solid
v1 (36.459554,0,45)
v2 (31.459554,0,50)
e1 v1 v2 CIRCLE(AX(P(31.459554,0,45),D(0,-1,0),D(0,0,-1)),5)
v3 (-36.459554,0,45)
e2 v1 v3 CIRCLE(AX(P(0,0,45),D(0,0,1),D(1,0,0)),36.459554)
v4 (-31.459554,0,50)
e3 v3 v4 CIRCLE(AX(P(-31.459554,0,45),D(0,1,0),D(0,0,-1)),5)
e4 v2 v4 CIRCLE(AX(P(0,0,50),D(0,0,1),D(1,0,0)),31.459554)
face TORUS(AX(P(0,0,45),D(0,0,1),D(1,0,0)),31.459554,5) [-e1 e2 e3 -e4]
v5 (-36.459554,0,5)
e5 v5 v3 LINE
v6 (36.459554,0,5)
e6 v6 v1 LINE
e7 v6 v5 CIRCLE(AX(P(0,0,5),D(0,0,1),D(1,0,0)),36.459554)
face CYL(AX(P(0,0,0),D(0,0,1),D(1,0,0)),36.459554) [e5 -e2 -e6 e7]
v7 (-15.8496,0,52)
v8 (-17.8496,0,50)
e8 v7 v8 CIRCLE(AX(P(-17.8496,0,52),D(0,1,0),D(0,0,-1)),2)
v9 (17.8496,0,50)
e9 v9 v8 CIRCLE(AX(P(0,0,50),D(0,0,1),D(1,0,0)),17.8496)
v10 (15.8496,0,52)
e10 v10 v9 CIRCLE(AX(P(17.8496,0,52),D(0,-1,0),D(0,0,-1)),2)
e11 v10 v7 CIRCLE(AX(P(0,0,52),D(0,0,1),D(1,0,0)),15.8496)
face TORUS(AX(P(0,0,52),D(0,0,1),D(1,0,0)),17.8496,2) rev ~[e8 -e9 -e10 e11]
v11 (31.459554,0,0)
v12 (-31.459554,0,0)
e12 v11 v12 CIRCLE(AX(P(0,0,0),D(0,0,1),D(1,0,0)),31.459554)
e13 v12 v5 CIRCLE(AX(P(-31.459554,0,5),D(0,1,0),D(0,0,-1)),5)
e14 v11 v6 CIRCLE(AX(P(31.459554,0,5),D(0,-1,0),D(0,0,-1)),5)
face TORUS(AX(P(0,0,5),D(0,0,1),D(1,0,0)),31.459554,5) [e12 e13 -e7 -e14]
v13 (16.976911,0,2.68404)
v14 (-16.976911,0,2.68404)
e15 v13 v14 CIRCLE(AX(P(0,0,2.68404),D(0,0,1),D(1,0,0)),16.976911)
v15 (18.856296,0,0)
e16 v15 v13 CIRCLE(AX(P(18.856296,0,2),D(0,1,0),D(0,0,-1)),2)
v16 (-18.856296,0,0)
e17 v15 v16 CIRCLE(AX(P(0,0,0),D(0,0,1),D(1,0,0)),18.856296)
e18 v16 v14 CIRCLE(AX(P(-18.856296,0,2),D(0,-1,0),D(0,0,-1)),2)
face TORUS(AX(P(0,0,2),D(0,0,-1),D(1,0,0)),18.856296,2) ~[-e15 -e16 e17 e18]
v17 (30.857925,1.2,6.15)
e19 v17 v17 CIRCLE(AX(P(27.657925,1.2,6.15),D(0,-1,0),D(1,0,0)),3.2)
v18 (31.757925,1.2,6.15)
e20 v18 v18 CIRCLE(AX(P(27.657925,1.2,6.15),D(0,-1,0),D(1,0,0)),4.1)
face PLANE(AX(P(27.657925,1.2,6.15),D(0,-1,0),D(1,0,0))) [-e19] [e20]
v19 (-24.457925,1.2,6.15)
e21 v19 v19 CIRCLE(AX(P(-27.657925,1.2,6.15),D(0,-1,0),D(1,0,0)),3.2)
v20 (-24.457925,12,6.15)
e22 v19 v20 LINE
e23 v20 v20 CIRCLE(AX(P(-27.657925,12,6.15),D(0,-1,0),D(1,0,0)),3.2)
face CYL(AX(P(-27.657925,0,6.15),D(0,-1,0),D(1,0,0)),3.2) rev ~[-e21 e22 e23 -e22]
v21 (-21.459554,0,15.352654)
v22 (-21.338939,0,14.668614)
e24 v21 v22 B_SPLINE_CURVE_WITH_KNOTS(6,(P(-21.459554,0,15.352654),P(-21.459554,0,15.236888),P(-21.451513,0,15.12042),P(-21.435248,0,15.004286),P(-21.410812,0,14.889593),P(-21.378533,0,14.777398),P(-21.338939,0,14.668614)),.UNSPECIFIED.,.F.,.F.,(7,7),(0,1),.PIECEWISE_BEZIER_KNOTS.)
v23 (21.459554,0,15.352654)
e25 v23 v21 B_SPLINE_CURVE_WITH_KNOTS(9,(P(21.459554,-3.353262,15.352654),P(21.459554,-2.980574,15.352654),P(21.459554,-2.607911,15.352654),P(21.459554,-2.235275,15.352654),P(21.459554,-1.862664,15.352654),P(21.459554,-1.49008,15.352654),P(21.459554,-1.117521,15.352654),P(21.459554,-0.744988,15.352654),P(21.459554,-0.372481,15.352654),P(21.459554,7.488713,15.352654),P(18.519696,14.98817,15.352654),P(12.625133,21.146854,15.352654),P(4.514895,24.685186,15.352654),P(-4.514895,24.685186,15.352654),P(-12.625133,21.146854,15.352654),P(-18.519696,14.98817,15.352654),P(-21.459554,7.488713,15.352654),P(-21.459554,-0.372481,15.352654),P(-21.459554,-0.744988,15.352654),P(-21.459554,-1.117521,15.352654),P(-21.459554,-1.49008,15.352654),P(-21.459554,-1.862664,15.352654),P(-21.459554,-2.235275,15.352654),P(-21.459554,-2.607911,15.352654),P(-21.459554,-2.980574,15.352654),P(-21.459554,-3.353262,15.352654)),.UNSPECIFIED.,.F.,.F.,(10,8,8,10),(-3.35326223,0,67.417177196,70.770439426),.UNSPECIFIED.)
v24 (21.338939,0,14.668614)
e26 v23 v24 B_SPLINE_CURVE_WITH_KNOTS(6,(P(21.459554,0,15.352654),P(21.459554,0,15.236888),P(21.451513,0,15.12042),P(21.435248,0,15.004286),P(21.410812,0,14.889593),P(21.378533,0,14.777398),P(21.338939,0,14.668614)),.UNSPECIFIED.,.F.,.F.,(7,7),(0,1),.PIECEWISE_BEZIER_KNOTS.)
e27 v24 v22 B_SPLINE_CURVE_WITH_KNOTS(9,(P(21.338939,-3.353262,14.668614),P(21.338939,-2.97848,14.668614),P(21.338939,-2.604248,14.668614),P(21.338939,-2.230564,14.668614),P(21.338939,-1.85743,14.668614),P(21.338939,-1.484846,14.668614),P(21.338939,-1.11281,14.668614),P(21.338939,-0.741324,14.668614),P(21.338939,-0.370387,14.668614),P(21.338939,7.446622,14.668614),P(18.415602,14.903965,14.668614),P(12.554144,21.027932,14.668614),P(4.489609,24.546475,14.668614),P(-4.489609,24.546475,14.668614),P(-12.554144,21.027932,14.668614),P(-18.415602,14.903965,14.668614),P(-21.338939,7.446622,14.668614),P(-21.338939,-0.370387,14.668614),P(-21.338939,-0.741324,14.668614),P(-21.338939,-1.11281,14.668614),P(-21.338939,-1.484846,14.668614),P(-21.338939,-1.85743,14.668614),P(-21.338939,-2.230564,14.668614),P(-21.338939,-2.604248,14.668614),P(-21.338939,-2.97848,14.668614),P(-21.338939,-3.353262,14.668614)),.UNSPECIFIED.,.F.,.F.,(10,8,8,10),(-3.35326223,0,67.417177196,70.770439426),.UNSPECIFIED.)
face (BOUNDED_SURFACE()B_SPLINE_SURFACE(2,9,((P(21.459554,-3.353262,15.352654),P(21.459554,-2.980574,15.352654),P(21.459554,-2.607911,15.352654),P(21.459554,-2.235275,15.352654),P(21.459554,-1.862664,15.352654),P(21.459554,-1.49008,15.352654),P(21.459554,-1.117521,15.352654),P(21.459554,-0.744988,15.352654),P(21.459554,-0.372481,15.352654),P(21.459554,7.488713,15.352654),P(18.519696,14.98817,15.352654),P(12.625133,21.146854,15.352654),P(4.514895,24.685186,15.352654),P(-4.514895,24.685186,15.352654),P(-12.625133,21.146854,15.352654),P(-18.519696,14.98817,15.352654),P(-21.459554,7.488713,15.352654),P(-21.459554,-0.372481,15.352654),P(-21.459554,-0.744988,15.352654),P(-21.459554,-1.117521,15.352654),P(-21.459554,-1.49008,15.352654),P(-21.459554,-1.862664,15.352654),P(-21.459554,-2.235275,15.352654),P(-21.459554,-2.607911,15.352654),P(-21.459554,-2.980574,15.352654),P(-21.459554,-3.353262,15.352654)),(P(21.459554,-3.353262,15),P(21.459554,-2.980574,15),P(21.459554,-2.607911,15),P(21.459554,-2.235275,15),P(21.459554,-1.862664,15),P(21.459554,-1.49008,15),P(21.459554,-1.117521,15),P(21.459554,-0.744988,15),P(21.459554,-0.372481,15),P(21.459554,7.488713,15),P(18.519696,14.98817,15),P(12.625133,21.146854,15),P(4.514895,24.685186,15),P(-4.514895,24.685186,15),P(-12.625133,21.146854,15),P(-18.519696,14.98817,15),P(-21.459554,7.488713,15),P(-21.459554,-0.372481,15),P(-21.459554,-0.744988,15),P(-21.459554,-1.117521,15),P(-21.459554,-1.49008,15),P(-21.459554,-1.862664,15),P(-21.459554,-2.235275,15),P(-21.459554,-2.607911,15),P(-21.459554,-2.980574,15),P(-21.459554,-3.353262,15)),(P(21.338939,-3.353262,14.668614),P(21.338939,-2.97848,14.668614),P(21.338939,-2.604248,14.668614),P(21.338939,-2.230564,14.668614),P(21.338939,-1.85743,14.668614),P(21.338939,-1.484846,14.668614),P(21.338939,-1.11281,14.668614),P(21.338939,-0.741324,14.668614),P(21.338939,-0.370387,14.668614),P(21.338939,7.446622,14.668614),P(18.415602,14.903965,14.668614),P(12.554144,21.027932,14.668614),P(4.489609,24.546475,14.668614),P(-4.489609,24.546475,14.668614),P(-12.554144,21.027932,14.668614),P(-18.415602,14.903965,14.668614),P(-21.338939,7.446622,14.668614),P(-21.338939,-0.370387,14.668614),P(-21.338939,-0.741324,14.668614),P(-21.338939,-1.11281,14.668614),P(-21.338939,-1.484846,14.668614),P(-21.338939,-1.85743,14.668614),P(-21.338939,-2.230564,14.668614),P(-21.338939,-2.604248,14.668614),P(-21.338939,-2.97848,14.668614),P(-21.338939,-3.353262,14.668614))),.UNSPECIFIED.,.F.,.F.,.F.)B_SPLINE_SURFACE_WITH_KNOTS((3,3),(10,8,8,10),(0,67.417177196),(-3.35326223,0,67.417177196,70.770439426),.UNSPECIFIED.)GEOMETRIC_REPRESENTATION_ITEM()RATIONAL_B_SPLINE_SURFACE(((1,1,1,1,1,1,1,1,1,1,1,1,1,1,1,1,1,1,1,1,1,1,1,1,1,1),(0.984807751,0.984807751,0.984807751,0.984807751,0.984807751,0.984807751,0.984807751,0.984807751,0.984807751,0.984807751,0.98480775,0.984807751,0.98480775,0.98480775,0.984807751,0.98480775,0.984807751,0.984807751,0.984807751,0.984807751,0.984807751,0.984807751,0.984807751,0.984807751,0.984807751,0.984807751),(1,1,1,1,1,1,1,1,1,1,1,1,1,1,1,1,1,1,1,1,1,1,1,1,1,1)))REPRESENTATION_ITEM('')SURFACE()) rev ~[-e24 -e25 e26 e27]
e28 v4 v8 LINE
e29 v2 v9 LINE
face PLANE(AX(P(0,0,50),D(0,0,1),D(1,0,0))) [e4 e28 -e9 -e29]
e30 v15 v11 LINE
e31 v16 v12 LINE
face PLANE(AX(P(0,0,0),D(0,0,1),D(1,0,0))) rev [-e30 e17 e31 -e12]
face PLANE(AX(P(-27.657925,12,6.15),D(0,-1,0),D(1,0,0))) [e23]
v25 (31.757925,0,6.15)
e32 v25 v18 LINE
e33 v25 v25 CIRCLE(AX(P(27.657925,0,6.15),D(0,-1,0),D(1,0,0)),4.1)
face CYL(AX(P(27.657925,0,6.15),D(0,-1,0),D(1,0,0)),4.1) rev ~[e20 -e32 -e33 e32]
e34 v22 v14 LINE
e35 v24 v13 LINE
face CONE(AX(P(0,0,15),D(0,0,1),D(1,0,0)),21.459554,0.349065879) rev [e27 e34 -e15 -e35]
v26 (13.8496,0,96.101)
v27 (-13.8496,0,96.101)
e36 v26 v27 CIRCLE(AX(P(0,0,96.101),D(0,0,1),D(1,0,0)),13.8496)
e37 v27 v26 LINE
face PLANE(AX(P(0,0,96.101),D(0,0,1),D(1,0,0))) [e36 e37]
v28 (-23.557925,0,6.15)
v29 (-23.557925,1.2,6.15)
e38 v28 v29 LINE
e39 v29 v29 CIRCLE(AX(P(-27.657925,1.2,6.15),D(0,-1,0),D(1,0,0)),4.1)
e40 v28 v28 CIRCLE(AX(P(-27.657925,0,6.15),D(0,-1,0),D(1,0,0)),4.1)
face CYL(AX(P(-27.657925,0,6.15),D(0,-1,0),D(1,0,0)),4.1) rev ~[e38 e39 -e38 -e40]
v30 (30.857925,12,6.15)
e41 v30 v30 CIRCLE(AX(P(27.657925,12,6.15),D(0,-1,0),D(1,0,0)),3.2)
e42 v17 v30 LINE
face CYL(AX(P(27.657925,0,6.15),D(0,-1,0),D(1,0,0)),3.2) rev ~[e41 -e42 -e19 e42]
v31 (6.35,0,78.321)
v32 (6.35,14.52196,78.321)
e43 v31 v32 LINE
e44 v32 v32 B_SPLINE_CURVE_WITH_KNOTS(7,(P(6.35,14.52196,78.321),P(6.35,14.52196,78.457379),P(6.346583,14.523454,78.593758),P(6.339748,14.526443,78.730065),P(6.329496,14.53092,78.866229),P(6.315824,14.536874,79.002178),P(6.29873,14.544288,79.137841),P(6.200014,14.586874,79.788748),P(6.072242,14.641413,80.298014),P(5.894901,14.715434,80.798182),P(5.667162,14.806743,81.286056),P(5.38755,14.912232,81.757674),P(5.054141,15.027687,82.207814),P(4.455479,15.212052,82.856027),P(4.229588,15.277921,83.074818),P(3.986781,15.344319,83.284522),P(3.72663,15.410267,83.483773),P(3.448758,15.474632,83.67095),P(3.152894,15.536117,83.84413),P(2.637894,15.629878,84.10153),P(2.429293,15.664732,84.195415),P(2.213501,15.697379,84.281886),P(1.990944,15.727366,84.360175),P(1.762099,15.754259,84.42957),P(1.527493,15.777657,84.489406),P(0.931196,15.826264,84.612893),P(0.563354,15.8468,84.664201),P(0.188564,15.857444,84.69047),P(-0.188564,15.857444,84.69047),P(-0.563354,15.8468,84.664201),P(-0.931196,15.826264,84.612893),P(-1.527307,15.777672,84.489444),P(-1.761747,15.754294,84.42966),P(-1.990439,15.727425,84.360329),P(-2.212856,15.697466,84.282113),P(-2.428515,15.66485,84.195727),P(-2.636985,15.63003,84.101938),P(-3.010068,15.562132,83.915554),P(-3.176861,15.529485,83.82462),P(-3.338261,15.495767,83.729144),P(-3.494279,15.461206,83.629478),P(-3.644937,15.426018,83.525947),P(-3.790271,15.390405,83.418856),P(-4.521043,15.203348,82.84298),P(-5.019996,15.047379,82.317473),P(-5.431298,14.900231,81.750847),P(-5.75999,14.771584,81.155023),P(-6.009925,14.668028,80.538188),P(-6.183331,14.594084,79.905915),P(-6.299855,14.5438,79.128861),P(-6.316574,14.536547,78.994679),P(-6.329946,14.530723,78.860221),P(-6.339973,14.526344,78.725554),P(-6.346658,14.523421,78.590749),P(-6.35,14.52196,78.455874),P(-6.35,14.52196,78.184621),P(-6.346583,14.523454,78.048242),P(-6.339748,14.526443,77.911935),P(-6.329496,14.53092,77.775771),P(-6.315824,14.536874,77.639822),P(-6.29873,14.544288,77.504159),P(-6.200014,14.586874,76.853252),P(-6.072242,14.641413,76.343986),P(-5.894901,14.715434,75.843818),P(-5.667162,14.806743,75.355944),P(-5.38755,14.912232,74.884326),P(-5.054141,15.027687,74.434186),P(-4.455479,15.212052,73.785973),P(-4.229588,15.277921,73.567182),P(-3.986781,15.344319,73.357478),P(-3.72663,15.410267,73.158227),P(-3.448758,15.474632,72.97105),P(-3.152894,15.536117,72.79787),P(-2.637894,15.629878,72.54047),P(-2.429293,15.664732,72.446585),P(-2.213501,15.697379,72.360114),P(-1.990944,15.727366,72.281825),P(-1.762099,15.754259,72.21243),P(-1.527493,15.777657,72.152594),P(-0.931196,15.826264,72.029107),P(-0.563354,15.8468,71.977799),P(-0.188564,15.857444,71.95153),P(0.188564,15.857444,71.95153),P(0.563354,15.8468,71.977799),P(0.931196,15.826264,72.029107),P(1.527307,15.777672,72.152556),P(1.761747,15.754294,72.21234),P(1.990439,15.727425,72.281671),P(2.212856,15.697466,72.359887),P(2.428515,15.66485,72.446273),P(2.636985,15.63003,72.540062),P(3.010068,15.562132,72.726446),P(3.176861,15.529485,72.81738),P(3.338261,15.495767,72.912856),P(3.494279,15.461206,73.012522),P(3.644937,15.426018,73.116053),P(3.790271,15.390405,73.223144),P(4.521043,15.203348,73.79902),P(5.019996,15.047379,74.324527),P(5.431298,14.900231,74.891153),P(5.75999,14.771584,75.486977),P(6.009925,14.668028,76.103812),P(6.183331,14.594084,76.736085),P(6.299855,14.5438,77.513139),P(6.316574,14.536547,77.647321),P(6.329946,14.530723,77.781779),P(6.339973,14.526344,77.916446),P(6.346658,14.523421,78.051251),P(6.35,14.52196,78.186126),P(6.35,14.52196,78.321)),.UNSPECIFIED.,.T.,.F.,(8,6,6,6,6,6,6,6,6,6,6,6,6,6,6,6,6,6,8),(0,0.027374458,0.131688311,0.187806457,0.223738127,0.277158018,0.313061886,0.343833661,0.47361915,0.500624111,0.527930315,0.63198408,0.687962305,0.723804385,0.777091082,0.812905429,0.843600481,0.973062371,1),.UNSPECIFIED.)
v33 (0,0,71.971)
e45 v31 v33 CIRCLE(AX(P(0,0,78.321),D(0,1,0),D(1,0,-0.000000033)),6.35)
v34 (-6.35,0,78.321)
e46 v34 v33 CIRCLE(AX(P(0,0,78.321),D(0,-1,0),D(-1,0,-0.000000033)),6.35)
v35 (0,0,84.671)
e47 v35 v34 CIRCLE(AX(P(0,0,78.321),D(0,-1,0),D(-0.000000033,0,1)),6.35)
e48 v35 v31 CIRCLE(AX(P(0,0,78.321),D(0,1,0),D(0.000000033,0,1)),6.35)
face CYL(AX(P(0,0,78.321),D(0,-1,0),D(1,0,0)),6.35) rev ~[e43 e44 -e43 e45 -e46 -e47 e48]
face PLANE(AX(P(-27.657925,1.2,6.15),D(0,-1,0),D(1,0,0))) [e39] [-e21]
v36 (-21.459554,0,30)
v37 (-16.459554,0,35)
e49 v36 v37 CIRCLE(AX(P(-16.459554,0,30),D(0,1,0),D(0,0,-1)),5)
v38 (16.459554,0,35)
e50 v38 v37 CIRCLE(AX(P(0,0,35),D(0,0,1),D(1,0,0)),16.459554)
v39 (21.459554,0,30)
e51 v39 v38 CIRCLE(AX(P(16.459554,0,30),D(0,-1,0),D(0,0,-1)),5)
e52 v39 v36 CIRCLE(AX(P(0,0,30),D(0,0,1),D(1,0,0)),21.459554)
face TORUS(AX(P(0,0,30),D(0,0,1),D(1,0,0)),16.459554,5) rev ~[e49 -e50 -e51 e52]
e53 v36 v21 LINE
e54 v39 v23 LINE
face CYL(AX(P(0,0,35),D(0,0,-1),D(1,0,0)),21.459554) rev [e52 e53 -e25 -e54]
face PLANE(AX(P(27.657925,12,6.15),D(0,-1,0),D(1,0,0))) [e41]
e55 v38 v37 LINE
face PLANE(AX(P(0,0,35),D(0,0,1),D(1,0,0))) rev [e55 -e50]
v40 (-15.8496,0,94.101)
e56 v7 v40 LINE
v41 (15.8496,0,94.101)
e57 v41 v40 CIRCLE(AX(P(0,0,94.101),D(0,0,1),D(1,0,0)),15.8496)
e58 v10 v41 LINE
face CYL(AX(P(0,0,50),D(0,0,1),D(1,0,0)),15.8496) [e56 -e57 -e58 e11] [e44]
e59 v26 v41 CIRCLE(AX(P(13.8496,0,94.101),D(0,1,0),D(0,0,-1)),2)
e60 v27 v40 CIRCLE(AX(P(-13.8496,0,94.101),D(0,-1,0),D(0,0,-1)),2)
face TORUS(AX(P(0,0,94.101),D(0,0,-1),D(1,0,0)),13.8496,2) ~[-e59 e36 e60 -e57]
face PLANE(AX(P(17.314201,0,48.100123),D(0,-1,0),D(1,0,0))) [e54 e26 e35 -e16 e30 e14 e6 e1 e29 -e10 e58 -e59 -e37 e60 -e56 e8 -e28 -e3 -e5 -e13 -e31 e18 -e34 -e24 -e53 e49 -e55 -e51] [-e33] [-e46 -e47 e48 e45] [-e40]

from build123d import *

# Parameters (mm, degrees)
F1_ANGLE = -180
F2_R     = 2
F3_R     = 4.1
F3_R_2   = 3.2
F4_DEPTH = 1.2
F5_DEPTH = 12
F3_R_3   = 6.35
F6_DEPTH = 36.460554
F7_R     = 5


with BuildPart() as f1:
    # F0 (on Front) → F1 (revolve)
    with BuildSketch(Plane.XZ):
        with BuildLine():
            Line((21.459554, 35), (21.459554, 15))
            Line((21.459554, 15), (21.459554, 0))
            Line((21.459554, 0), (36.459554, 0))
            Line((36.459554, 0), (36.459554, 50))
            Line((36.459554, 50), (15.8496, 50))
            Line((15.8496, 50), (15.8496, 96.101))
            Line((15.8496, 96.101), (0, 96.101))
            Line((0, 96.101), (0, 84.671))
            ThreePointArc((0, 84.671), (4.490128, 82.811128), (6.35, 78.321))
            ThreePointArc((6.35, 78.321), (4.490128, 73.830872), (0, 71.971))
            Line((0, 71.971), (0, 35))
            Line((0, 35), (21.459554, 35))
        make_face()
        Polygon((21.459554, 15), (16, 0), (21.459554, 0), align=None)
    revolve(axis=Axis((0, 0, 65.5505), (0, 0, -1)), revolution_arc=F1_ANGLE)

    # F2
    f2_edges = [f1.edges().sort_by_distance(p)[0] for p in [
        (0, 15.8496, 50),
        (0, 15.8496, 96.101),
        (0, 16, 0),
        (0, 21.459554, 15),
    ]]
    fillet(f2_edges, radius=F2_R)

    # F3 (on Front) → F4 (cut)
    with BuildSketch(Plane.XZ):
        with Locations((27.657925, 6.15)):
            Circle(F3_R)
        with Locations((27.657925, 6.15)):
            Circle(F3_R_2, mode=Mode.SUBTRACT)
        with Locations((-27.657925, 6.15)):
            Circle(F3_R)
        with Locations((-27.657925, 6.15)):
            Circle(F3_R_2, mode=Mode.SUBTRACT)
        with Locations((-27.657925, 6.15)):
            Circle(F3_R_2)
        with Locations((27.657925, 6.15)):
            Circle(F3_R_2)
    extrude(amount=-F4_DEPTH, mode=Mode.SUBTRACT)

    # F3 (on Front) → F5 (cut)
    with BuildSketch(Plane.XZ):
        with Locations((-27.657925, 6.15)):
            Circle(F3_R_2)
        with Locations((27.657925, 6.15)):
            Circle(F3_R_2)
    extrude(amount=-F5_DEPTH, mode=Mode.SUBTRACT)

    # F3 (on Front) → F6 (cut, through all)
    with BuildSketch(Plane.XZ):
        with Locations((0, 78.321)):
            Circle(F3_R_3)
    extrude(amount=-F6_DEPTH, mode=Mode.SUBTRACT)

    # F7
    f7_edges = [f1.edges().sort_by_distance(p)[0] for p in [
        (0, 36.459554, 50),
        (0, 36.459554, 0),
        (0, 21.459554, 35),
    ]]
    fillet(f7_edges, radius=F7_R)


solid = f1.part
